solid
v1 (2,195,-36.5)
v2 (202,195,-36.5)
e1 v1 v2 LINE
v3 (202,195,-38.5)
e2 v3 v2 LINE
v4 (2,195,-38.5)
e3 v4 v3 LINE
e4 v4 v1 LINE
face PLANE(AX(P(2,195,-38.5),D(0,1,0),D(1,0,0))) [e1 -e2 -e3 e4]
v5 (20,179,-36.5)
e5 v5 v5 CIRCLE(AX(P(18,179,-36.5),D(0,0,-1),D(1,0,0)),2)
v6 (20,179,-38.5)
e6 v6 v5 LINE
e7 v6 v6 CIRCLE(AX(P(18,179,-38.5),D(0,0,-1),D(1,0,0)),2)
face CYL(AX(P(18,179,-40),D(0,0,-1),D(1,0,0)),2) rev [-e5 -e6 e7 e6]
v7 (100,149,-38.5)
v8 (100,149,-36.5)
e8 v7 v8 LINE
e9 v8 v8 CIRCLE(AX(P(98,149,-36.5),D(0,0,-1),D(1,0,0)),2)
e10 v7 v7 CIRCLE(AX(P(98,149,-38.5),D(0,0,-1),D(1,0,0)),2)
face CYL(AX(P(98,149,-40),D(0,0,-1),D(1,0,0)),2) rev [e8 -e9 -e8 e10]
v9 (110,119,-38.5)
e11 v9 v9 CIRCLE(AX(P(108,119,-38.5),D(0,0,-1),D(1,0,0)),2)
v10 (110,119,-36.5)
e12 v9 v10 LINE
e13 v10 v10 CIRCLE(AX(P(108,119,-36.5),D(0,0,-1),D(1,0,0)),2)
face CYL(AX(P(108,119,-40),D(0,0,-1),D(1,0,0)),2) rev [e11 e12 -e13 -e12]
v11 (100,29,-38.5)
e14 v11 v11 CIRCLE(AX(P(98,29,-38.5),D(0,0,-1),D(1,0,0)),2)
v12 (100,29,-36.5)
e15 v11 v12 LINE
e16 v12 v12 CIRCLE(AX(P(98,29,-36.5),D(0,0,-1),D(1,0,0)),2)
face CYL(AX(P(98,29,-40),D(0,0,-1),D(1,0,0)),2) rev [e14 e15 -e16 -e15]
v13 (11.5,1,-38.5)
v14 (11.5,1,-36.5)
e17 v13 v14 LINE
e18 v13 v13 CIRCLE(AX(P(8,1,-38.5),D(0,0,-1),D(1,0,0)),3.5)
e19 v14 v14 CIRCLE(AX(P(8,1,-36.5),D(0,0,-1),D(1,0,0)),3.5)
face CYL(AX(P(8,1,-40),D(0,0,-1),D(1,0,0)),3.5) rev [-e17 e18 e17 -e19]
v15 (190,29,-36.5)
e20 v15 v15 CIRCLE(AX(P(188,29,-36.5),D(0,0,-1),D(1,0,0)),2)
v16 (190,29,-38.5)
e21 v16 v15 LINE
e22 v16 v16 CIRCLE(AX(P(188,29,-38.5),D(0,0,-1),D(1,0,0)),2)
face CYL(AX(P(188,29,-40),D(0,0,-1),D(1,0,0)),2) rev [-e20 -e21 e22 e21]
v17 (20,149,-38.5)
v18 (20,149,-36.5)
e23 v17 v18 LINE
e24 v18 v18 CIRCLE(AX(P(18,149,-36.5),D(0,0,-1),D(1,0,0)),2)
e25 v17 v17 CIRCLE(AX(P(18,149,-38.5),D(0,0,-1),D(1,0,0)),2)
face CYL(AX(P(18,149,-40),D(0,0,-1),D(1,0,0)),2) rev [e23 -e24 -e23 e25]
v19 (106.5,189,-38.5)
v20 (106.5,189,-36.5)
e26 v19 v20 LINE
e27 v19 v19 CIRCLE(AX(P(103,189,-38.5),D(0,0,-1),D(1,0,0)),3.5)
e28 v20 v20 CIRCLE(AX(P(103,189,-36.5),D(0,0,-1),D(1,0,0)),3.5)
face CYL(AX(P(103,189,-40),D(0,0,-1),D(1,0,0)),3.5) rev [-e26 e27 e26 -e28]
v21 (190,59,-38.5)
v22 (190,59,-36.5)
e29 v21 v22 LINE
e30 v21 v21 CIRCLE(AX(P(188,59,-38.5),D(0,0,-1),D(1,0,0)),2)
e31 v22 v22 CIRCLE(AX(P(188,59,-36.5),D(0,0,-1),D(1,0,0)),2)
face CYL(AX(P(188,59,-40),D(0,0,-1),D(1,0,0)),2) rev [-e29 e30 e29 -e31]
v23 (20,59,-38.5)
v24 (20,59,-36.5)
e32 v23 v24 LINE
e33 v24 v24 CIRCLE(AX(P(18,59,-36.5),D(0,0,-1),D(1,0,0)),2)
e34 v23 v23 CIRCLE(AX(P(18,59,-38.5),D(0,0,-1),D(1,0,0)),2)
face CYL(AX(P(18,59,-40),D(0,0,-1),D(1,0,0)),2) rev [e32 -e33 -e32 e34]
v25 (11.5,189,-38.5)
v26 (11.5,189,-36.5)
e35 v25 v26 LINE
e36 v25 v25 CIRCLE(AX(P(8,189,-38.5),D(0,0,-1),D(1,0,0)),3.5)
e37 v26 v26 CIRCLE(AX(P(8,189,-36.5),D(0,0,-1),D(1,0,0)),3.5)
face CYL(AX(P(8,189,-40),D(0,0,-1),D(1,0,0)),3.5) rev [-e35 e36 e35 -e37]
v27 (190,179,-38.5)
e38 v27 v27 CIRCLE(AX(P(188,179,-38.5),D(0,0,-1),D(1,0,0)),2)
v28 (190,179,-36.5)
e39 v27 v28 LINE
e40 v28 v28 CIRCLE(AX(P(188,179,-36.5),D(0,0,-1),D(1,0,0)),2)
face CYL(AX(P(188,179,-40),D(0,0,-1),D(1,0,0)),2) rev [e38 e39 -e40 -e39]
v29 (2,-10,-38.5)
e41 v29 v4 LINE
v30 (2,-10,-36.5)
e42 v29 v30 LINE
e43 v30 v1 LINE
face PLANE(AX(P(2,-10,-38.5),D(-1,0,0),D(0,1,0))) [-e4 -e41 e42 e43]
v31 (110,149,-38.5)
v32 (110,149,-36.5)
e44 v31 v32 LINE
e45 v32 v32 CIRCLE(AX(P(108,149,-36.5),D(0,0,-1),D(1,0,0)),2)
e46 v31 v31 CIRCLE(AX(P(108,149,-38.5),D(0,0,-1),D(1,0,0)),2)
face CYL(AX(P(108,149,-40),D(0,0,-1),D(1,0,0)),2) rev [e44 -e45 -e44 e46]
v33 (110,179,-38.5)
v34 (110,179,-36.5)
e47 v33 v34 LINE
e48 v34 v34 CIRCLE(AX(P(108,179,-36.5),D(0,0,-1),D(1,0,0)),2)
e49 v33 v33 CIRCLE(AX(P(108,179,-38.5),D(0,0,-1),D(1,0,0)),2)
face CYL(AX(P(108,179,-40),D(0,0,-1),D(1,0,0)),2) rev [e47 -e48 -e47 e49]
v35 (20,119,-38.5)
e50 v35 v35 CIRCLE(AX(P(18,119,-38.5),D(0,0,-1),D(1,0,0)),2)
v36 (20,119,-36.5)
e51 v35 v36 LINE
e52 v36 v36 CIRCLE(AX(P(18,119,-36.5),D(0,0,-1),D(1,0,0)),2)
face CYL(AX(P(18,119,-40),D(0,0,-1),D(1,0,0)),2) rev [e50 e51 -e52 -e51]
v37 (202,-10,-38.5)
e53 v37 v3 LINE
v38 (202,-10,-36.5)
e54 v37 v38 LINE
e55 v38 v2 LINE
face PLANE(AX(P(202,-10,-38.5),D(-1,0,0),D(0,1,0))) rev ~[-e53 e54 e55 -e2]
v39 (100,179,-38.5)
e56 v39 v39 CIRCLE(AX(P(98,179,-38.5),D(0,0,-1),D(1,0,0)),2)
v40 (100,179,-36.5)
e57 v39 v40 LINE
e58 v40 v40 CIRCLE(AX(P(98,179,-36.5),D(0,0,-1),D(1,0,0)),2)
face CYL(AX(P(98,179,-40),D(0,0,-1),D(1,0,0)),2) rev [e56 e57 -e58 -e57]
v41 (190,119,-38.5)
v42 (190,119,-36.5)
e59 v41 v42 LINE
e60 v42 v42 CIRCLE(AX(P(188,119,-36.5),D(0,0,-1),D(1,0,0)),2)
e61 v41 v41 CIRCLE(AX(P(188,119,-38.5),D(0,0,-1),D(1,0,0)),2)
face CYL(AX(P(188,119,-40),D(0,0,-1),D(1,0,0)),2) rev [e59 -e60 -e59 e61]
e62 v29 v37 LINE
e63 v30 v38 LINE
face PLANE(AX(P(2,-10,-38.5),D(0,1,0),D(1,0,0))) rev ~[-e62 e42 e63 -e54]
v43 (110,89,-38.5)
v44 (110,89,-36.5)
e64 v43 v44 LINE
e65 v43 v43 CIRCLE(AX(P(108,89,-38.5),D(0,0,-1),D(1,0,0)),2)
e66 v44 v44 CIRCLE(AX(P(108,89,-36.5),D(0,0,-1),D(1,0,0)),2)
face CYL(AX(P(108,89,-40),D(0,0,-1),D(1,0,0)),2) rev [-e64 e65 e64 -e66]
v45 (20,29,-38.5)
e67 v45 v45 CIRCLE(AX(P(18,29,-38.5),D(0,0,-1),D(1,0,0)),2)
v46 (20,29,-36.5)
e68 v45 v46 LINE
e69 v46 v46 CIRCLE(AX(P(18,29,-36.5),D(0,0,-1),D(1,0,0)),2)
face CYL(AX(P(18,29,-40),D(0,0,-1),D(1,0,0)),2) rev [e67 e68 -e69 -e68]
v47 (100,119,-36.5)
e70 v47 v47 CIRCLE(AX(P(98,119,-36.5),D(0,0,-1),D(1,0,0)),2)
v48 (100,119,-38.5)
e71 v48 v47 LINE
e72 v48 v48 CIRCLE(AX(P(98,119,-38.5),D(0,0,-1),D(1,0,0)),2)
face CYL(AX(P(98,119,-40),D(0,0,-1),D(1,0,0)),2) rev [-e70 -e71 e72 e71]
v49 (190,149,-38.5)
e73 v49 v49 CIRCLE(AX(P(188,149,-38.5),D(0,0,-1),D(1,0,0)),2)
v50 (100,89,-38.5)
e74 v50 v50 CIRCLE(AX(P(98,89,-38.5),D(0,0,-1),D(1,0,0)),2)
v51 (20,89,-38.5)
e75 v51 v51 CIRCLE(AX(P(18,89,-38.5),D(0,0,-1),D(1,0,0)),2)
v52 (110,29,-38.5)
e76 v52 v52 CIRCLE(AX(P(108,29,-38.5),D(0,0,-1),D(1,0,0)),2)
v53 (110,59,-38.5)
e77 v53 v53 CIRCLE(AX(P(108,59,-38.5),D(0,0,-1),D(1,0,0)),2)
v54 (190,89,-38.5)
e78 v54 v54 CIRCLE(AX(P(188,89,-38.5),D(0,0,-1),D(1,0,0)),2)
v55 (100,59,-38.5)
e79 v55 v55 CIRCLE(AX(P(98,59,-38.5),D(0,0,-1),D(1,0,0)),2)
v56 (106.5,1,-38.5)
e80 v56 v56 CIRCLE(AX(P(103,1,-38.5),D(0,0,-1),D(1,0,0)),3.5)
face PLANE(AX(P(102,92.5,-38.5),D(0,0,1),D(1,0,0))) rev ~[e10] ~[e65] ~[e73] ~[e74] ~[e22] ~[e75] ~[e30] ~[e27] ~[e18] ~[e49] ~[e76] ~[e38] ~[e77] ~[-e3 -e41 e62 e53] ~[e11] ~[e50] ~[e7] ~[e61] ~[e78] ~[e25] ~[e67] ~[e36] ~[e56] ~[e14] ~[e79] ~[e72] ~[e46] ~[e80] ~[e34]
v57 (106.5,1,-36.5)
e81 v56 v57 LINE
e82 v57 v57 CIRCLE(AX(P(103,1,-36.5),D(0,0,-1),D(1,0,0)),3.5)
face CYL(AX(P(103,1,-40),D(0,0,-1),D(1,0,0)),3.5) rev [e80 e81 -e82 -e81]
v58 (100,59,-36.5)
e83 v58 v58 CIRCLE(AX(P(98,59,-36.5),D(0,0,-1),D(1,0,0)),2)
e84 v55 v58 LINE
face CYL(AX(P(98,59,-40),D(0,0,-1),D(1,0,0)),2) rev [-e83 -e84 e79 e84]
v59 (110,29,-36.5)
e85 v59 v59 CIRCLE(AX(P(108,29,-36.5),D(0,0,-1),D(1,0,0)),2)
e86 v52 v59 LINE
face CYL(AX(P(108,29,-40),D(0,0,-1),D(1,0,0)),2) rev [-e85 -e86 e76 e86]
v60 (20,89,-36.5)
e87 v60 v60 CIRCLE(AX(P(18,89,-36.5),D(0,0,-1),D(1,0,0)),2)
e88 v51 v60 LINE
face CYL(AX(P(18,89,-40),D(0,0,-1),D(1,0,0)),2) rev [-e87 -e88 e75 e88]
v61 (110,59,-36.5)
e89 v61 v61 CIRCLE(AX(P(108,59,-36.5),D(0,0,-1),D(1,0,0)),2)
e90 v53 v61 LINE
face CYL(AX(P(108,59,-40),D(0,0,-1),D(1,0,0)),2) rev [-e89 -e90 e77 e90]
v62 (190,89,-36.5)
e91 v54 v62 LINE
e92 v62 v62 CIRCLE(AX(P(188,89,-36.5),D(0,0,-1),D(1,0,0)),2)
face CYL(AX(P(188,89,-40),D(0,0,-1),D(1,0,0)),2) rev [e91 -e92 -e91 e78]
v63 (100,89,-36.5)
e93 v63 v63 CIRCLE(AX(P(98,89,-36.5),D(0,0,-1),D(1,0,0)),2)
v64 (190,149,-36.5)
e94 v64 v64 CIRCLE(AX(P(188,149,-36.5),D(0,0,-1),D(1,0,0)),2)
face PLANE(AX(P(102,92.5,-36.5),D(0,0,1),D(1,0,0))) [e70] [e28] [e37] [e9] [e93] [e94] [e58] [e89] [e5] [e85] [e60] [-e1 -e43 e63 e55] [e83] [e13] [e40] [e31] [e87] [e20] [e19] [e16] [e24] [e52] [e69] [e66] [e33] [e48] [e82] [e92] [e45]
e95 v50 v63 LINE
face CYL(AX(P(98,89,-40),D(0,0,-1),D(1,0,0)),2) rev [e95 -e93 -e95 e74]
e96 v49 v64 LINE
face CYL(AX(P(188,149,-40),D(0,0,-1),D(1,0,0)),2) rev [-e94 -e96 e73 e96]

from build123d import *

# Parameters (mm, degrees)
CYLINDER003_R     = 3.5
CYLINDER003_DEPTH = 10
ARRAY020_X_COUNT  = 2
ARRAY020_X_PITCH  = 95
ARRAY021_Y_COUNT  = 2
ARRAY021_Y_PITCH  = 188
CYLINDER_R        = 2
CYLINDER_DEPTH    = 5
ARRAY016_X_COUNT  = 2
ARRAY016_X_PITCH  = 80
ARRAY016_Y_COUNT  = 2
ARRAY016_Y_PITCH  = 30
ARRAY018_Y_COUNT  = 3
ARRAY018_Y_PITCH  = 60
ARRAY019_X_COUNT  = 2
ARRAY019_X_PITCH  = 90
BOX_W             = 200
BOX_H             = 205
BOX_DEPTH         = 2


with BuildPart() as array021:
    # Cylinder003 → Cylinder003 (new body)
    with BuildSketch(Plane(origin=(8, 1, 0), x_dir=(1, 0, 0), z_dir=(0, 0, 1))):
        Circle(CYLINDER003_R)
    extrude(amount=CYLINDER003_DEPTH)

    # Array020 X: Array021 ×2


with BuildPart() as array021_1:
    add(array021.part)
    with Locations(*[(i * ARRAY020_X_PITCH, 0, 0) for i in range(1, ARRAY020_X_COUNT)]):
        add(array021.part)

    # Array021 Y: Array021 ×2


with BuildPart() as array021_2:
    add(array021_1.part)
    with Locations(*[(0, i * ARRAY021_Y_PITCH, 0) for i in range(1, ARRAY021_Y_COUNT)]):
        add(array021_1.part)


with BuildPart() as array021_3:
    # Array021 placement: moved
    add(array021_2.part.moved(Location((0, 0, -40))))


with BuildPart() as array019:
    # Cylinder → Cylinder (new body)
    with BuildSketch(Plane(origin=(18, 29, 0), x_dir=(1, 0, 0), z_dir=(0, 0, 1))):
        Circle(CYLINDER_R)
    extrude(amount=CYLINDER_DEPTH)

    # Array016 X: Array019 ×2


with BuildPart() as array019_1:
    add(array019.part)
    with Locations(*[(i * ARRAY016_X_PITCH, 0, 0) for i in range(1, ARRAY016_X_COUNT)]):
        add(array019.part)

    # Array016 Y: Array019 ×2


with BuildPart() as array019_2:
    add(array019_1.part)
    with Locations(*[(0, i * ARRAY016_Y_PITCH, 0) for i in range(1, ARRAY016_Y_COUNT)]):
        add(array019_1.part)

    # Array018 Y: Array019 ×3


with BuildPart() as array019_3:
    add(array019_2.part)
    with Locations(*[(0, i * ARRAY018_Y_PITCH, 0) for i in range(1, ARRAY018_Y_COUNT)]):
        add(array019_2.part)

    # Array019 X: Array019 ×2


with BuildPart() as array019_4:
    add(array019_3.part)
    with Locations(*[(i * ARRAY019_X_PITCH, 0, 0) for i in range(1, ARRAY019_X_COUNT)]):
        add(array019_3.part)


with BuildPart() as array019_5:
    # Array019 placement: moved
    add(array019_4.part.moved(Location((0, 0, -40))))


with BuildPart() as bottom_holes:
    # Box → Box (new body)
    with BuildSketch(Plane(origin=(2, -10, -38.5), x_dir=(1, 0, 0), z_dir=(0, 0, 1))):
        with Locations((100, 102.5)):
            Rectangle(BOX_W, BOX_H)
    extrude(amount=BOX_DEPTH)

    # Cut011: cut Array019
    add(array019_5.part, mode=Mode.SUBTRACT)

    # Cut012: cut Array021
    add(array021_3.part, mode=Mode.SUBTRACT)


solid = bottom_holes.part
